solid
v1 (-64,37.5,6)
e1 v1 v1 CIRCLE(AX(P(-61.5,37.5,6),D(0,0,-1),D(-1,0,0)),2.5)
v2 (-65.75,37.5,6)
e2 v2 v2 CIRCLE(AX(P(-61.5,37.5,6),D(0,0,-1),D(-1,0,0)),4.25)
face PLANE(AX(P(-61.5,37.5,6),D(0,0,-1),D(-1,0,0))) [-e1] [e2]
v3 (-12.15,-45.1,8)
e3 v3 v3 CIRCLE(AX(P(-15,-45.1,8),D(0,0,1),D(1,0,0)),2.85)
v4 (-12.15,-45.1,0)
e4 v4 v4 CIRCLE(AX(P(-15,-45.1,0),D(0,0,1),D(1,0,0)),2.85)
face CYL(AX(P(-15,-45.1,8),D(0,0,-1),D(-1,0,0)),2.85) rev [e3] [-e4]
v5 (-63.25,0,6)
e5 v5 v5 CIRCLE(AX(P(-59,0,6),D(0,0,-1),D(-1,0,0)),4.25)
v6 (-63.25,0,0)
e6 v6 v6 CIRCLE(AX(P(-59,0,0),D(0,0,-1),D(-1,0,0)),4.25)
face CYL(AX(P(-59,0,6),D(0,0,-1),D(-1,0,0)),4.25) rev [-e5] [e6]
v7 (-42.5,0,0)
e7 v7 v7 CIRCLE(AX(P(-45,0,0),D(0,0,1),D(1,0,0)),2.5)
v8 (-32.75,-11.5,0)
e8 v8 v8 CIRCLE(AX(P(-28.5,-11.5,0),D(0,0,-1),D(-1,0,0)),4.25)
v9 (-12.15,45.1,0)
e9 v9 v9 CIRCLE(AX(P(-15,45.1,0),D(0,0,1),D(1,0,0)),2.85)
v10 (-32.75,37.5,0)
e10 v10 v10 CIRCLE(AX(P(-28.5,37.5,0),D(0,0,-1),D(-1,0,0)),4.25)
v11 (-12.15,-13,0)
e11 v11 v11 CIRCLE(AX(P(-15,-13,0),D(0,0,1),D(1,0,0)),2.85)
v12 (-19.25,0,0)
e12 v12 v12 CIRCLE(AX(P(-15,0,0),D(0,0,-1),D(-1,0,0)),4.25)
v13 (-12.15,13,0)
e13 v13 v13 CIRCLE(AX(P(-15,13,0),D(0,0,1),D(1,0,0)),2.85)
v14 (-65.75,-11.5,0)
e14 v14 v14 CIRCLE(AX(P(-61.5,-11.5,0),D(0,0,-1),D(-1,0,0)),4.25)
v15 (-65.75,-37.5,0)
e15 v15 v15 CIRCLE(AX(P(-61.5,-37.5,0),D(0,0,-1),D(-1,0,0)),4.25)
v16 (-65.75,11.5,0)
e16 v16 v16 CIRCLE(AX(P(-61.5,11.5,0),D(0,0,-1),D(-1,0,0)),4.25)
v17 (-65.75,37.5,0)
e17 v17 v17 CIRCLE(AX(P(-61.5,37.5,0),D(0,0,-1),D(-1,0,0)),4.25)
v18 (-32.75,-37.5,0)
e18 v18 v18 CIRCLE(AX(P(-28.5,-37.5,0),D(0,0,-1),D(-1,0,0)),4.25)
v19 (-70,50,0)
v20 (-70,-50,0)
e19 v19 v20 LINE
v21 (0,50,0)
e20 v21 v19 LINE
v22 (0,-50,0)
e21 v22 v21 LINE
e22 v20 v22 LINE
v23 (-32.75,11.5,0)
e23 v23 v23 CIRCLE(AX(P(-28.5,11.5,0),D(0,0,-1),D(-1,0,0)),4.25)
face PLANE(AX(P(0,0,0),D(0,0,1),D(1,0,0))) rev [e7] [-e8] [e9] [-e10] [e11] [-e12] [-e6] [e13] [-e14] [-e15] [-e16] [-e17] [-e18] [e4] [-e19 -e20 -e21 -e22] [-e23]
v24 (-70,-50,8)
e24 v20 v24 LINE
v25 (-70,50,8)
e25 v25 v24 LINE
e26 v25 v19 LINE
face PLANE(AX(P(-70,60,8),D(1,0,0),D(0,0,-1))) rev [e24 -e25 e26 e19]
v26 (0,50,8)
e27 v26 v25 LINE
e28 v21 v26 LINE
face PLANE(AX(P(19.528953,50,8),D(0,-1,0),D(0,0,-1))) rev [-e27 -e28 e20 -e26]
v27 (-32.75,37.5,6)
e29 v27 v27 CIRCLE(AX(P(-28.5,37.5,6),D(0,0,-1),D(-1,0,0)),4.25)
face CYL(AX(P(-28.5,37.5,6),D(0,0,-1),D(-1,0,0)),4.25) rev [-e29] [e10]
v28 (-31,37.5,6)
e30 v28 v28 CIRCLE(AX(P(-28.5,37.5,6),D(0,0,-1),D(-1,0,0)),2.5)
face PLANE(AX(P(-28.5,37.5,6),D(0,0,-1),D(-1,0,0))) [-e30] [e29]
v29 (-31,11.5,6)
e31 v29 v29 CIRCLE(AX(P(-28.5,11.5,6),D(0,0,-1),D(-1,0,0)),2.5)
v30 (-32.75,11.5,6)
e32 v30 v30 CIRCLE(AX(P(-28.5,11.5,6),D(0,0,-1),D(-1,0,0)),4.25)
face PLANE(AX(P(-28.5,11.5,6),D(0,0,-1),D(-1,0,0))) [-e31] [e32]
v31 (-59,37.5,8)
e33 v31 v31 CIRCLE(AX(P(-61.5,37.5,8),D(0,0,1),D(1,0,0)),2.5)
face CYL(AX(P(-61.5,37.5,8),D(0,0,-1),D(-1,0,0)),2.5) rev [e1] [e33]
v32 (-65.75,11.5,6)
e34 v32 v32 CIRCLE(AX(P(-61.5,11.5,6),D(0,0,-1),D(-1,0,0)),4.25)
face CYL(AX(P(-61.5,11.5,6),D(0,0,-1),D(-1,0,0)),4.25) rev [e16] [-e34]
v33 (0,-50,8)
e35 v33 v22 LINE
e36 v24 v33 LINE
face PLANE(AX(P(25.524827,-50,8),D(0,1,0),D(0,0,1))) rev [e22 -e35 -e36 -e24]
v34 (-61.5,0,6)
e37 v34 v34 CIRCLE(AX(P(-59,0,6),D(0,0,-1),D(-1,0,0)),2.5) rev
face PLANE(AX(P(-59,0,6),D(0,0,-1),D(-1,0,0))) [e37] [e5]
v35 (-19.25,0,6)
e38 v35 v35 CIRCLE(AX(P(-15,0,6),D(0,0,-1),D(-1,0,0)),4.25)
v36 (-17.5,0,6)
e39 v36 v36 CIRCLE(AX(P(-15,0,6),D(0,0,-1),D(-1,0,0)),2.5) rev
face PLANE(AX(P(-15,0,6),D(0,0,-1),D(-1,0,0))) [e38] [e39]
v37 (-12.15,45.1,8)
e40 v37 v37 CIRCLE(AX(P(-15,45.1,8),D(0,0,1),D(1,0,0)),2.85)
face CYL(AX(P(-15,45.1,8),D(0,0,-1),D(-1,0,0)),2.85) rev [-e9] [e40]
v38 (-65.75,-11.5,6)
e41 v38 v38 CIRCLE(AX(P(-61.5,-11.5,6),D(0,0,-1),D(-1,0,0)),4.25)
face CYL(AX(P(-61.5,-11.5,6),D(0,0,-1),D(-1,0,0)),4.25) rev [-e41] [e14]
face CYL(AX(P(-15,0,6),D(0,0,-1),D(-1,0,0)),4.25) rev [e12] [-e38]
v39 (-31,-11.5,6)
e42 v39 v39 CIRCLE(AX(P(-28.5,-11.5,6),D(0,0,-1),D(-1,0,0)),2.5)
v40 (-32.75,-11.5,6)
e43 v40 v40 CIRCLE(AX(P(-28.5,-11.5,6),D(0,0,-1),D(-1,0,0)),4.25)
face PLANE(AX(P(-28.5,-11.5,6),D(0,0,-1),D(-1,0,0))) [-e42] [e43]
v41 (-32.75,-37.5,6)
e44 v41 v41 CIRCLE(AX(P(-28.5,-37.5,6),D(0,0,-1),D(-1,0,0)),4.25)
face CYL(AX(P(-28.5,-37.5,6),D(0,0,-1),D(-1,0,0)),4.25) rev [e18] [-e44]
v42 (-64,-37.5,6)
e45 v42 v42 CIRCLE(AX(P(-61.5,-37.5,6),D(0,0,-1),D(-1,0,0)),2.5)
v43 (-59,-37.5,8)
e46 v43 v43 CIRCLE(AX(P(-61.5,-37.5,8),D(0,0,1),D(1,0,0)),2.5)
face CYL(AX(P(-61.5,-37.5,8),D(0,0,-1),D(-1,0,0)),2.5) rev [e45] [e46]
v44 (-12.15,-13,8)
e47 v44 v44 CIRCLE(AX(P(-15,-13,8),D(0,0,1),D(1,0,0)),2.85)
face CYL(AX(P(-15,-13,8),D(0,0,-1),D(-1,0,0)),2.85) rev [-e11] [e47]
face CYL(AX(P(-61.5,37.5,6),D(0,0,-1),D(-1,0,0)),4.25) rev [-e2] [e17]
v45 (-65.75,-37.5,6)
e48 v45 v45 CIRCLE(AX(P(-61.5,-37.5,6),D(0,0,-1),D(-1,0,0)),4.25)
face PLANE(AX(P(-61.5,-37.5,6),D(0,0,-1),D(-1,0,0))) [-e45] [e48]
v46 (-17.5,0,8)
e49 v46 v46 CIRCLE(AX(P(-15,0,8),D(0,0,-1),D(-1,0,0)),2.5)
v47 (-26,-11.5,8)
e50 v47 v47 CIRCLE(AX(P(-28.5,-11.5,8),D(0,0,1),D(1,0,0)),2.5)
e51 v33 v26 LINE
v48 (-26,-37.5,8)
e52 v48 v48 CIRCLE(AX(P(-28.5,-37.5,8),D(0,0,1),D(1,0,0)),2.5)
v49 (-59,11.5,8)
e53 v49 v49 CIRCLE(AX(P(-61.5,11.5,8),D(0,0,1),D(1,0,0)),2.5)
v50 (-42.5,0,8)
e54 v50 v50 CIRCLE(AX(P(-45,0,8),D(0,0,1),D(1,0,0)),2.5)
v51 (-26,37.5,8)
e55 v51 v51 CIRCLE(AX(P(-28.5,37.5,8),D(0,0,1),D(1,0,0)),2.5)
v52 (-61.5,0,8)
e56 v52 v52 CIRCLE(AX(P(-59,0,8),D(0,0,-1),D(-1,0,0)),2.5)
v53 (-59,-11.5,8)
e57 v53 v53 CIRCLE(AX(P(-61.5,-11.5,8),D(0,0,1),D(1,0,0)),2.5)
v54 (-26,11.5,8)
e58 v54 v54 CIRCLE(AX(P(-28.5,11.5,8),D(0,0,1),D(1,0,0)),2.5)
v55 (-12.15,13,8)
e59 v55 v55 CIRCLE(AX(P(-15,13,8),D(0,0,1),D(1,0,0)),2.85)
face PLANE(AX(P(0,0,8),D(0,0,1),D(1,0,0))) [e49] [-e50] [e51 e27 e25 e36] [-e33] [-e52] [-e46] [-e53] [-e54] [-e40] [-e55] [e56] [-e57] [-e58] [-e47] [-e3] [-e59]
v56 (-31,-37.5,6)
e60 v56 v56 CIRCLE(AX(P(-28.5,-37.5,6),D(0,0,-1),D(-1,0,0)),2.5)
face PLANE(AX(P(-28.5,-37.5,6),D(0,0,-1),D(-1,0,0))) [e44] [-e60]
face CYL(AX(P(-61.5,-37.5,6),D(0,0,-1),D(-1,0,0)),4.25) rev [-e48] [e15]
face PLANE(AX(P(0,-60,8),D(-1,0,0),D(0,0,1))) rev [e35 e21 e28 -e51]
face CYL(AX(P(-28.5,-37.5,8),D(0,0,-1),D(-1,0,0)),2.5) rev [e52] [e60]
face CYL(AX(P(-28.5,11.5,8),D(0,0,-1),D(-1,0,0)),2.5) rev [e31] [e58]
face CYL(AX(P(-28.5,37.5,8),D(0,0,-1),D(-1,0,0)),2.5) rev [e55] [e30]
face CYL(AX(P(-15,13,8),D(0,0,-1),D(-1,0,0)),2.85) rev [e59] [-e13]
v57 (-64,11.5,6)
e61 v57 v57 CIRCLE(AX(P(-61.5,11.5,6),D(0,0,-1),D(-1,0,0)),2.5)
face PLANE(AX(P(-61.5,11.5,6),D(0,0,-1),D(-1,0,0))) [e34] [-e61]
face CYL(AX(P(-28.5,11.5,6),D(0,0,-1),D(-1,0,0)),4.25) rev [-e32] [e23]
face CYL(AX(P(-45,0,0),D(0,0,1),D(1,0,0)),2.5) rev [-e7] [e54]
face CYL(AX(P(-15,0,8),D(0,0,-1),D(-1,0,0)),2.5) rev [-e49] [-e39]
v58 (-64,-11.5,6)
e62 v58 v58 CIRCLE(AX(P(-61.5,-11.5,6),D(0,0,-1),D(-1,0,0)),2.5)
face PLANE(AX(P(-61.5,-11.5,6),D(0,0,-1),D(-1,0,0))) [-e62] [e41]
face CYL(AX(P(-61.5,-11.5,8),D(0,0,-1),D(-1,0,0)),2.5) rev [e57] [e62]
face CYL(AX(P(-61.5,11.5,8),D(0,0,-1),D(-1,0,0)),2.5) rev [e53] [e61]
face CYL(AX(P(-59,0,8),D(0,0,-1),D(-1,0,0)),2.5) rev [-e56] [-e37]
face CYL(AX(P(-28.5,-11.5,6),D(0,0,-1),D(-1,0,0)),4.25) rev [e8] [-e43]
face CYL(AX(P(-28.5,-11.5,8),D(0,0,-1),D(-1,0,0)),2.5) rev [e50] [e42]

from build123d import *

# Parameters (mm, degrees)
SKETCH1_W           = 70
SKETCH1_H           = 120
SKETCH1_R           = 2.5
SKETCH1_R_2         = 2.85
BOSS_EXTRUDE1_DEPTH = 8
SKETCH2_R           = 2.5
CUT_EXTRUDE1_DEPTH  = 93.54188241
SKETCH4_W           = 106.143175547
SKETCH4_H           = 17.825571466
SKETCH4_W_2         = 120.889784669
SKETCH4_H_2         = 15.71891302
CUT_EXTRUDE2_DEPTH  = 93.54188241
SKETCH5_R           = 2.5
CUT_EXTRUDE3_DEPTH  = 87.394444266
SKETCH6_R           = 4.25
CUT_EXTRUDE4_DEPTH  = 6
SKETCH7_R           = 4.25
CUT_EXTRUDE5_DEPTH  = 6


with BuildPart() as part:
    # Sketch1 → Boss-Extrude1 (new body)
    with BuildSketch(Plane.XY):
        with Locations((-35, 0)):
            Rectangle(SKETCH1_W, SKETCH1_H)
        with Locations((-61.5, 37.5)):
            Circle(SKETCH1_R, mode=Mode.SUBTRACT)
        with Locations((-28.5, 37.5)):
            Circle(SKETCH1_R, mode=Mode.SUBTRACT)
        with Locations((-61.5, 11.5)):
            Circle(SKETCH1_R, mode=Mode.SUBTRACT)
        with Locations((-28.5, 11.5)):
            Circle(SKETCH1_R, mode=Mode.SUBTRACT)
        with Locations((-61.5, -11.5)):
            Circle(SKETCH1_R, mode=Mode.SUBTRACT)
        with Locations((-28.5, -11.5)):
            Circle(SKETCH1_R, mode=Mode.SUBTRACT)
        with Locations((-28.5, -37.5)):
            Circle(SKETCH1_R, mode=Mode.SUBTRACT)
        with Locations((-61.5, -37.5)):
            Circle(SKETCH1_R, mode=Mode.SUBTRACT)
        with Locations((-15, 45.1)):
            Circle(SKETCH1_R_2, mode=Mode.SUBTRACT)
        with Locations((-15, 13)):
            Circle(SKETCH1_R_2, mode=Mode.SUBTRACT)
        with Locations((-15, -13)):
            Circle(SKETCH1_R_2, mode=Mode.SUBTRACT)
        with Locations((-15, -45.1)):
            Circle(SKETCH1_R_2, mode=Mode.SUBTRACT)
    extrude(amount=BOSS_EXTRUDE1_DEPTH)

    # Sketch2 → Cut-Extrude1 (cut, through all)
    with BuildSketch(Plane.XY.offset(8)):
        with Locations((-45, 0)):
            Circle(SKETCH2_R)
    extrude(amount=-CUT_EXTRUDE1_DEPTH, mode=Mode.SUBTRACT)

    # Sketch4 → Cut-Extrude2 (cut, through all)
    with BuildSketch(Plane(origin=(0, 0, 0), x_dir=(-1, 0, 0), z_dir=(0, 0, -1))):
        with Locations((33.542634591, 58.912785733)):
            Rectangle(SKETCH4_W, SKETCH4_H)
        with Locations((34.920065114, -57.85945651)):
            Rectangle(SKETCH4_W_2, SKETCH4_H_2)
    extrude(amount=-CUT_EXTRUDE2_DEPTH, mode=Mode.SUBTRACT)

    # Sketch5 → Cut-Extrude3 (cut, through all)
    with BuildSketch(Plane(origin=(0, 0, 0), x_dir=(-1, 0, 0), z_dir=(0, 0, -1))):
        with Locations((59, 0)):
            Circle(SKETCH5_R)
        with Locations((15, 0)):
            Circle(SKETCH5_R)
    extrude(amount=-CUT_EXTRUDE3_DEPTH, mode=Mode.SUBTRACT)

    # Sketch6 → Cut-Extrude4 (cut)
    with BuildSketch(Plane(origin=(0, 0, 0), x_dir=(-1, 0, 0), z_dir=(0, 0, -1))):
        with Locations((28.5, 37.5)):
            Circle(SKETCH6_R)
        with Locations((61.5, 37.5)):
            Circle(SKETCH6_R)
        with Locations((28.5, 11.5)):
            Circle(SKETCH6_R)
        with Locations((61.5, 11.5)):
            Circle(SKETCH6_R)
        with Locations((28.5, -11.5)):
            Circle(SKETCH6_R)
        with Locations((61.5, -11.5)):
            Circle(SKETCH6_R)
        with Locations((61.5, -37.5)):
            Circle(SKETCH6_R)
        with Locations((28.5, -37.5)):
            Circle(SKETCH6_R)
    extrude(amount=-CUT_EXTRUDE4_DEPTH, mode=Mode.SUBTRACT)

    # Sketch7 → Cut-Extrude5 (cut)
    with BuildSketch(Plane(origin=(0, 0, 0), x_dir=(-1, 0, 0), z_dir=(0, 0, -1))):
        with Locations((15, 0)):
            Circle(SKETCH7_R)
        with Locations((59, 0)):
            Circle(SKETCH7_R)
    extrude(amount=-CUT_EXTRUDE5_DEPTH, mode=Mode.SUBTRACT)


solid = part.part
